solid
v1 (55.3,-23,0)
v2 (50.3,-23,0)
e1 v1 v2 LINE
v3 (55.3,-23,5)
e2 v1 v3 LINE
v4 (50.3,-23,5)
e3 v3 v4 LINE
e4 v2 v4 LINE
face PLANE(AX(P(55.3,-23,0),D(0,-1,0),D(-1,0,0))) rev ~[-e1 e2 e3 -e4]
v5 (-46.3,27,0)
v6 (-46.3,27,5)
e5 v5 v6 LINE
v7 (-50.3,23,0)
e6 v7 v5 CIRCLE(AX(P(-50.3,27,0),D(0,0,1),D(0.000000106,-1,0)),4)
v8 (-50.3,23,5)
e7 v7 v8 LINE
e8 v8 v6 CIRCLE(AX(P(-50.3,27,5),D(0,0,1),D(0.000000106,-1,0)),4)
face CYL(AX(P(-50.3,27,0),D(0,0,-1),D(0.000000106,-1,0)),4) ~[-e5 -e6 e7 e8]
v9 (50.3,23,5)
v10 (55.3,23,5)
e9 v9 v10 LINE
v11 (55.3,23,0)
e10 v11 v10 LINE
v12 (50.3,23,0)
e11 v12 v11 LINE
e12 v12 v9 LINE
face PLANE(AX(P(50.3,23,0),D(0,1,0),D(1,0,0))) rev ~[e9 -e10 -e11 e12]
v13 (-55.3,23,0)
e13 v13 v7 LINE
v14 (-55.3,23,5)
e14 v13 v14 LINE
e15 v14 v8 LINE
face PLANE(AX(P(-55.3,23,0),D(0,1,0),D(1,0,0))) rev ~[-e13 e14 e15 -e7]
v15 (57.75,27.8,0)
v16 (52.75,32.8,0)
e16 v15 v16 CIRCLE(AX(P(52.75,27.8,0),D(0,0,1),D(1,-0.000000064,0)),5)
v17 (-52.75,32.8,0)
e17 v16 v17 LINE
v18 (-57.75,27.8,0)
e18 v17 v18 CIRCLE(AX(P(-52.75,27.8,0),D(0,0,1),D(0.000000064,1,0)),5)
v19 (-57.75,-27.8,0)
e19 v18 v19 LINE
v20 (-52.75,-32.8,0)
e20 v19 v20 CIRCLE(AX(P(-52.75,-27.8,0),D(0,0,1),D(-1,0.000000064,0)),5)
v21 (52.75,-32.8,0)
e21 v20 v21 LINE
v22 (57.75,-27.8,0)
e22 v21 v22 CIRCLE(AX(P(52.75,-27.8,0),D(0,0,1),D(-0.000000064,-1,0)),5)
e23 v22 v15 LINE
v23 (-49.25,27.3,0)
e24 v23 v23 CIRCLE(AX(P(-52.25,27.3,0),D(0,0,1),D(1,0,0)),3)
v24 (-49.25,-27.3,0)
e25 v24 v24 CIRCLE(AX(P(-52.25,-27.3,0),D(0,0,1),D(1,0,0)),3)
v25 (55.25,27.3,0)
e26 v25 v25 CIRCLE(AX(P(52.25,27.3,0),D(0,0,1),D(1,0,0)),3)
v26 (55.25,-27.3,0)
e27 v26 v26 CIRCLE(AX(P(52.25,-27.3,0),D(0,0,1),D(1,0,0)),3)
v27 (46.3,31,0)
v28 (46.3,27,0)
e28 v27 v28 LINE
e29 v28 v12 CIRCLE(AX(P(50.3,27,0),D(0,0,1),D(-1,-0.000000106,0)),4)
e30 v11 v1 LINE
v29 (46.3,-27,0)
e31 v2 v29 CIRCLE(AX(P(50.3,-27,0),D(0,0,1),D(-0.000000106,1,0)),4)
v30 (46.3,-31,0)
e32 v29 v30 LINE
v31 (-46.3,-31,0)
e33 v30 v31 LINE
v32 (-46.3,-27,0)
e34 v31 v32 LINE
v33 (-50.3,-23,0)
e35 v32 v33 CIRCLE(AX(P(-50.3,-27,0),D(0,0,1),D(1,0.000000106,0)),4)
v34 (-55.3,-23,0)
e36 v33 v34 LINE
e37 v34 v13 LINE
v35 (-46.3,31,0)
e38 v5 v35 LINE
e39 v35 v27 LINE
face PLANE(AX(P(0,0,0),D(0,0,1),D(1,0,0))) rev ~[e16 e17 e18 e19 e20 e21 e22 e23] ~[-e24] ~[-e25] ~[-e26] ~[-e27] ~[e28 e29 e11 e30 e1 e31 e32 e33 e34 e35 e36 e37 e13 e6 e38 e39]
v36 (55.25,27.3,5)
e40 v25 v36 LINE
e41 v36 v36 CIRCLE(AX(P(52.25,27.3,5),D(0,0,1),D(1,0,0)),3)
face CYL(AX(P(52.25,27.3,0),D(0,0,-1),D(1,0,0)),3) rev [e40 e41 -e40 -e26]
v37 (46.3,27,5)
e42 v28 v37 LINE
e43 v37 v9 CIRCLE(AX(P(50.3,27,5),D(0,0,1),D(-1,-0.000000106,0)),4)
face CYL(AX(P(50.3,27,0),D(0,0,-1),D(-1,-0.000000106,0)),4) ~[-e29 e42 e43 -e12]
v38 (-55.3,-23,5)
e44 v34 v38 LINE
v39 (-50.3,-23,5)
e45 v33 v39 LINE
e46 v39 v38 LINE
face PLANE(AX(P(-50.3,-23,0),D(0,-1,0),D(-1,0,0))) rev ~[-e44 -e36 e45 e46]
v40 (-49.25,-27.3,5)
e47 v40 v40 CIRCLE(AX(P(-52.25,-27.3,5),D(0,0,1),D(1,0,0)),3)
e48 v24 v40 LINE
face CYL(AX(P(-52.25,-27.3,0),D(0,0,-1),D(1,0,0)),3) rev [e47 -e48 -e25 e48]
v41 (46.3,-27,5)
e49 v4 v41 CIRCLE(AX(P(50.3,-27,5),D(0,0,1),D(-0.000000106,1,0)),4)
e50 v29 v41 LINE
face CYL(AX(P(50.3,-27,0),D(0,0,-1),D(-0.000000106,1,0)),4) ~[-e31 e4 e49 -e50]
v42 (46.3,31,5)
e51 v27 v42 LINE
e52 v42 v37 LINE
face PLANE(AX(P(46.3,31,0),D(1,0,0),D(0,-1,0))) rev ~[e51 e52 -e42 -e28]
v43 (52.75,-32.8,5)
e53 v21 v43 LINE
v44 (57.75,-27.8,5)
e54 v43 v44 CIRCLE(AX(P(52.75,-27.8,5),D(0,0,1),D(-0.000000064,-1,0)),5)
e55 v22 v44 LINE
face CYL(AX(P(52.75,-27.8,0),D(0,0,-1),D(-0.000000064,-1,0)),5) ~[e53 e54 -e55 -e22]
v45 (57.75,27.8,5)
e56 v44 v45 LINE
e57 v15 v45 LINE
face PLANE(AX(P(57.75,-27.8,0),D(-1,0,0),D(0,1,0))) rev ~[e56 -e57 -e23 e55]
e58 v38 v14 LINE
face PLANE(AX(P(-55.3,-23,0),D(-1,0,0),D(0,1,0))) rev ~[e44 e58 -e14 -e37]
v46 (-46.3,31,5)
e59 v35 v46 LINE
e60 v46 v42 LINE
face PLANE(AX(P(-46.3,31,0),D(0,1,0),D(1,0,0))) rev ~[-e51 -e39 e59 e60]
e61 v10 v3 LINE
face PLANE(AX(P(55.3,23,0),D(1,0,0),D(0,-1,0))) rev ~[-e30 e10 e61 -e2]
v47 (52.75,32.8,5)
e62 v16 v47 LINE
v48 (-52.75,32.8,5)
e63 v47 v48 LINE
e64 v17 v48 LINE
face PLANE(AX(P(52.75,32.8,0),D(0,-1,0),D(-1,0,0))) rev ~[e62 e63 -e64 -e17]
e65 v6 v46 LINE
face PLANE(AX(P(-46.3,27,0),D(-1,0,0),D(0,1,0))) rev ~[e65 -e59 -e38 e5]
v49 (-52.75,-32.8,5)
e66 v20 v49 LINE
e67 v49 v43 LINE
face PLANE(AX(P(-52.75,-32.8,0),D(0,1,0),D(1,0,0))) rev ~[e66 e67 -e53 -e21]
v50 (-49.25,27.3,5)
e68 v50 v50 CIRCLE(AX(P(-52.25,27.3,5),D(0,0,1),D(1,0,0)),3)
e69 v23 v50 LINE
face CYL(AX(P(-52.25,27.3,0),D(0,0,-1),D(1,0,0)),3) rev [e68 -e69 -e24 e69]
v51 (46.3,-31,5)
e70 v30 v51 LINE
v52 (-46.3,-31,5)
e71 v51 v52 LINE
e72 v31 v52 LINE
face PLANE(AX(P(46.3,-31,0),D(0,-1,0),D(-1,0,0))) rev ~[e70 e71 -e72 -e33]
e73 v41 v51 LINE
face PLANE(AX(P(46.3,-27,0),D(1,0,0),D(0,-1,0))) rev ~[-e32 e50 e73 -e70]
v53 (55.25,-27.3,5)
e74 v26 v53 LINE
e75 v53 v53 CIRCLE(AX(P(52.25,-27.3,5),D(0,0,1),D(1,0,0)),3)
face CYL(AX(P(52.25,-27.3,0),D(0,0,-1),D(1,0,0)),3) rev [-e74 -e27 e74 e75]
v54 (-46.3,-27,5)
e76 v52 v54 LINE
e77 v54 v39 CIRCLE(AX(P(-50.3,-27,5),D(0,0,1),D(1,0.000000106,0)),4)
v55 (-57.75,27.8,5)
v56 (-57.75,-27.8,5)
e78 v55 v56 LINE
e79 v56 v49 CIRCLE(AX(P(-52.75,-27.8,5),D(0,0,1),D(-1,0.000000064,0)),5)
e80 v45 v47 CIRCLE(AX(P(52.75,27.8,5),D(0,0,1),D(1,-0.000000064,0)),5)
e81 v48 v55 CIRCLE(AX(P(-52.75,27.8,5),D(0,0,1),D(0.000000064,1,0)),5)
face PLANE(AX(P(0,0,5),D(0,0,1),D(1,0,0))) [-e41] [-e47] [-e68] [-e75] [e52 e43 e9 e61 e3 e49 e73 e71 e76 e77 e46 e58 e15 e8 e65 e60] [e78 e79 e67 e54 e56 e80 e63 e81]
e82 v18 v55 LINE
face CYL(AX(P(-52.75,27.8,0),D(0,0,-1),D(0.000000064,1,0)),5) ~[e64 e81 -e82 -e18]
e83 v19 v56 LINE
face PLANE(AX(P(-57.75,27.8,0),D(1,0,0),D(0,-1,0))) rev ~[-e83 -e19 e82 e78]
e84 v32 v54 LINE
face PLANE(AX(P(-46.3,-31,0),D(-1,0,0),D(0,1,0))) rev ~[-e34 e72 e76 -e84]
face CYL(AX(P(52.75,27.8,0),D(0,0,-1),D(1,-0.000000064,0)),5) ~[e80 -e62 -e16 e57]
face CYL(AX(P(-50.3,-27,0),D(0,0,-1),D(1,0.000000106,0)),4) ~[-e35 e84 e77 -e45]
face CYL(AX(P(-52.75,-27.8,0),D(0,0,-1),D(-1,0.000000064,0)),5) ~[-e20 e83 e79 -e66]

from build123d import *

# Parameters (mm, degrees)
F0_R     = 3
F1_DEPTH = 5


with BuildPart() as f1:
    # F0 (on Top) → F1 (new body)
    with BuildSketch(Plane.XY):
        with BuildLine():
            Line((-52.75, -32.8), (52.75, -32.8))
            ThreePointArc((52.75, -32.8), (56.285534, -31.335534), (57.75, -27.8))
            Line((57.75, -27.8), (57.75, 27.8))
            ThreePointArc((57.75, 27.8), (56.285534, 31.335534), (52.75, 32.8))
            Line((52.75, 32.8), (-52.75, 32.8))
            ThreePointArc((-52.75, 32.8), (-56.285534, 31.335534), (-57.75, 27.8))
            Line((-57.75, 27.8), (-57.75, -27.8))
            ThreePointArc((-57.75, -27.8), (-56.285534, -31.335534), (-52.75, -32.8))
        make_face()
        with Locations((-52.25, -27.3)):
            Circle(F0_R, mode=Mode.SUBTRACT)
        with Locations((52.25, -27.3)):
            Circle(F0_R, mode=Mode.SUBTRACT)
        with Locations((-52.25, 27.3)):
            Circle(F0_R, mode=Mode.SUBTRACT)
        with BuildLine():
            Line((-46.3, 31), (46.3, 31))
            Line((46.3, 31), (46.3, 27))
            ThreePointArc((46.3, 27), (47.471573, 24.171573), (50.3, 23))
            Line((50.3, 23), (55.3, 23))
            Line((55.3, 23), (55.3, -23))
            Line((55.3, -23), (50.3, -23))
            ThreePointArc((50.3, -23), (47.471573, -24.171573), (46.3, -27))
            Line((46.3, -27), (46.3, -31))
            Line((46.3, -31), (-46.3, -31))
            Line((-46.3, -31), (-46.3, -27))
            ThreePointArc((-46.3, -27), (-47.471573, -24.171573), (-50.3, -23))
            Line((-50.3, -23), (-55.3, -23))
            Line((-55.3, -23), (-55.3, 23))
            Line((-55.3, 23), (-50.3, 23))
            ThreePointArc((-50.3, 23), (-47.471573, 24.171573), (-46.3, 27))
            Line((-46.3, 27), (-46.3, 31))
        make_face(mode=Mode.SUBTRACT)
        with Locations((52.25, 27.3)):
            Circle(F0_R, mode=Mode.SUBTRACT)
    extrude(amount=F1_DEPTH)


solid = f1.part
